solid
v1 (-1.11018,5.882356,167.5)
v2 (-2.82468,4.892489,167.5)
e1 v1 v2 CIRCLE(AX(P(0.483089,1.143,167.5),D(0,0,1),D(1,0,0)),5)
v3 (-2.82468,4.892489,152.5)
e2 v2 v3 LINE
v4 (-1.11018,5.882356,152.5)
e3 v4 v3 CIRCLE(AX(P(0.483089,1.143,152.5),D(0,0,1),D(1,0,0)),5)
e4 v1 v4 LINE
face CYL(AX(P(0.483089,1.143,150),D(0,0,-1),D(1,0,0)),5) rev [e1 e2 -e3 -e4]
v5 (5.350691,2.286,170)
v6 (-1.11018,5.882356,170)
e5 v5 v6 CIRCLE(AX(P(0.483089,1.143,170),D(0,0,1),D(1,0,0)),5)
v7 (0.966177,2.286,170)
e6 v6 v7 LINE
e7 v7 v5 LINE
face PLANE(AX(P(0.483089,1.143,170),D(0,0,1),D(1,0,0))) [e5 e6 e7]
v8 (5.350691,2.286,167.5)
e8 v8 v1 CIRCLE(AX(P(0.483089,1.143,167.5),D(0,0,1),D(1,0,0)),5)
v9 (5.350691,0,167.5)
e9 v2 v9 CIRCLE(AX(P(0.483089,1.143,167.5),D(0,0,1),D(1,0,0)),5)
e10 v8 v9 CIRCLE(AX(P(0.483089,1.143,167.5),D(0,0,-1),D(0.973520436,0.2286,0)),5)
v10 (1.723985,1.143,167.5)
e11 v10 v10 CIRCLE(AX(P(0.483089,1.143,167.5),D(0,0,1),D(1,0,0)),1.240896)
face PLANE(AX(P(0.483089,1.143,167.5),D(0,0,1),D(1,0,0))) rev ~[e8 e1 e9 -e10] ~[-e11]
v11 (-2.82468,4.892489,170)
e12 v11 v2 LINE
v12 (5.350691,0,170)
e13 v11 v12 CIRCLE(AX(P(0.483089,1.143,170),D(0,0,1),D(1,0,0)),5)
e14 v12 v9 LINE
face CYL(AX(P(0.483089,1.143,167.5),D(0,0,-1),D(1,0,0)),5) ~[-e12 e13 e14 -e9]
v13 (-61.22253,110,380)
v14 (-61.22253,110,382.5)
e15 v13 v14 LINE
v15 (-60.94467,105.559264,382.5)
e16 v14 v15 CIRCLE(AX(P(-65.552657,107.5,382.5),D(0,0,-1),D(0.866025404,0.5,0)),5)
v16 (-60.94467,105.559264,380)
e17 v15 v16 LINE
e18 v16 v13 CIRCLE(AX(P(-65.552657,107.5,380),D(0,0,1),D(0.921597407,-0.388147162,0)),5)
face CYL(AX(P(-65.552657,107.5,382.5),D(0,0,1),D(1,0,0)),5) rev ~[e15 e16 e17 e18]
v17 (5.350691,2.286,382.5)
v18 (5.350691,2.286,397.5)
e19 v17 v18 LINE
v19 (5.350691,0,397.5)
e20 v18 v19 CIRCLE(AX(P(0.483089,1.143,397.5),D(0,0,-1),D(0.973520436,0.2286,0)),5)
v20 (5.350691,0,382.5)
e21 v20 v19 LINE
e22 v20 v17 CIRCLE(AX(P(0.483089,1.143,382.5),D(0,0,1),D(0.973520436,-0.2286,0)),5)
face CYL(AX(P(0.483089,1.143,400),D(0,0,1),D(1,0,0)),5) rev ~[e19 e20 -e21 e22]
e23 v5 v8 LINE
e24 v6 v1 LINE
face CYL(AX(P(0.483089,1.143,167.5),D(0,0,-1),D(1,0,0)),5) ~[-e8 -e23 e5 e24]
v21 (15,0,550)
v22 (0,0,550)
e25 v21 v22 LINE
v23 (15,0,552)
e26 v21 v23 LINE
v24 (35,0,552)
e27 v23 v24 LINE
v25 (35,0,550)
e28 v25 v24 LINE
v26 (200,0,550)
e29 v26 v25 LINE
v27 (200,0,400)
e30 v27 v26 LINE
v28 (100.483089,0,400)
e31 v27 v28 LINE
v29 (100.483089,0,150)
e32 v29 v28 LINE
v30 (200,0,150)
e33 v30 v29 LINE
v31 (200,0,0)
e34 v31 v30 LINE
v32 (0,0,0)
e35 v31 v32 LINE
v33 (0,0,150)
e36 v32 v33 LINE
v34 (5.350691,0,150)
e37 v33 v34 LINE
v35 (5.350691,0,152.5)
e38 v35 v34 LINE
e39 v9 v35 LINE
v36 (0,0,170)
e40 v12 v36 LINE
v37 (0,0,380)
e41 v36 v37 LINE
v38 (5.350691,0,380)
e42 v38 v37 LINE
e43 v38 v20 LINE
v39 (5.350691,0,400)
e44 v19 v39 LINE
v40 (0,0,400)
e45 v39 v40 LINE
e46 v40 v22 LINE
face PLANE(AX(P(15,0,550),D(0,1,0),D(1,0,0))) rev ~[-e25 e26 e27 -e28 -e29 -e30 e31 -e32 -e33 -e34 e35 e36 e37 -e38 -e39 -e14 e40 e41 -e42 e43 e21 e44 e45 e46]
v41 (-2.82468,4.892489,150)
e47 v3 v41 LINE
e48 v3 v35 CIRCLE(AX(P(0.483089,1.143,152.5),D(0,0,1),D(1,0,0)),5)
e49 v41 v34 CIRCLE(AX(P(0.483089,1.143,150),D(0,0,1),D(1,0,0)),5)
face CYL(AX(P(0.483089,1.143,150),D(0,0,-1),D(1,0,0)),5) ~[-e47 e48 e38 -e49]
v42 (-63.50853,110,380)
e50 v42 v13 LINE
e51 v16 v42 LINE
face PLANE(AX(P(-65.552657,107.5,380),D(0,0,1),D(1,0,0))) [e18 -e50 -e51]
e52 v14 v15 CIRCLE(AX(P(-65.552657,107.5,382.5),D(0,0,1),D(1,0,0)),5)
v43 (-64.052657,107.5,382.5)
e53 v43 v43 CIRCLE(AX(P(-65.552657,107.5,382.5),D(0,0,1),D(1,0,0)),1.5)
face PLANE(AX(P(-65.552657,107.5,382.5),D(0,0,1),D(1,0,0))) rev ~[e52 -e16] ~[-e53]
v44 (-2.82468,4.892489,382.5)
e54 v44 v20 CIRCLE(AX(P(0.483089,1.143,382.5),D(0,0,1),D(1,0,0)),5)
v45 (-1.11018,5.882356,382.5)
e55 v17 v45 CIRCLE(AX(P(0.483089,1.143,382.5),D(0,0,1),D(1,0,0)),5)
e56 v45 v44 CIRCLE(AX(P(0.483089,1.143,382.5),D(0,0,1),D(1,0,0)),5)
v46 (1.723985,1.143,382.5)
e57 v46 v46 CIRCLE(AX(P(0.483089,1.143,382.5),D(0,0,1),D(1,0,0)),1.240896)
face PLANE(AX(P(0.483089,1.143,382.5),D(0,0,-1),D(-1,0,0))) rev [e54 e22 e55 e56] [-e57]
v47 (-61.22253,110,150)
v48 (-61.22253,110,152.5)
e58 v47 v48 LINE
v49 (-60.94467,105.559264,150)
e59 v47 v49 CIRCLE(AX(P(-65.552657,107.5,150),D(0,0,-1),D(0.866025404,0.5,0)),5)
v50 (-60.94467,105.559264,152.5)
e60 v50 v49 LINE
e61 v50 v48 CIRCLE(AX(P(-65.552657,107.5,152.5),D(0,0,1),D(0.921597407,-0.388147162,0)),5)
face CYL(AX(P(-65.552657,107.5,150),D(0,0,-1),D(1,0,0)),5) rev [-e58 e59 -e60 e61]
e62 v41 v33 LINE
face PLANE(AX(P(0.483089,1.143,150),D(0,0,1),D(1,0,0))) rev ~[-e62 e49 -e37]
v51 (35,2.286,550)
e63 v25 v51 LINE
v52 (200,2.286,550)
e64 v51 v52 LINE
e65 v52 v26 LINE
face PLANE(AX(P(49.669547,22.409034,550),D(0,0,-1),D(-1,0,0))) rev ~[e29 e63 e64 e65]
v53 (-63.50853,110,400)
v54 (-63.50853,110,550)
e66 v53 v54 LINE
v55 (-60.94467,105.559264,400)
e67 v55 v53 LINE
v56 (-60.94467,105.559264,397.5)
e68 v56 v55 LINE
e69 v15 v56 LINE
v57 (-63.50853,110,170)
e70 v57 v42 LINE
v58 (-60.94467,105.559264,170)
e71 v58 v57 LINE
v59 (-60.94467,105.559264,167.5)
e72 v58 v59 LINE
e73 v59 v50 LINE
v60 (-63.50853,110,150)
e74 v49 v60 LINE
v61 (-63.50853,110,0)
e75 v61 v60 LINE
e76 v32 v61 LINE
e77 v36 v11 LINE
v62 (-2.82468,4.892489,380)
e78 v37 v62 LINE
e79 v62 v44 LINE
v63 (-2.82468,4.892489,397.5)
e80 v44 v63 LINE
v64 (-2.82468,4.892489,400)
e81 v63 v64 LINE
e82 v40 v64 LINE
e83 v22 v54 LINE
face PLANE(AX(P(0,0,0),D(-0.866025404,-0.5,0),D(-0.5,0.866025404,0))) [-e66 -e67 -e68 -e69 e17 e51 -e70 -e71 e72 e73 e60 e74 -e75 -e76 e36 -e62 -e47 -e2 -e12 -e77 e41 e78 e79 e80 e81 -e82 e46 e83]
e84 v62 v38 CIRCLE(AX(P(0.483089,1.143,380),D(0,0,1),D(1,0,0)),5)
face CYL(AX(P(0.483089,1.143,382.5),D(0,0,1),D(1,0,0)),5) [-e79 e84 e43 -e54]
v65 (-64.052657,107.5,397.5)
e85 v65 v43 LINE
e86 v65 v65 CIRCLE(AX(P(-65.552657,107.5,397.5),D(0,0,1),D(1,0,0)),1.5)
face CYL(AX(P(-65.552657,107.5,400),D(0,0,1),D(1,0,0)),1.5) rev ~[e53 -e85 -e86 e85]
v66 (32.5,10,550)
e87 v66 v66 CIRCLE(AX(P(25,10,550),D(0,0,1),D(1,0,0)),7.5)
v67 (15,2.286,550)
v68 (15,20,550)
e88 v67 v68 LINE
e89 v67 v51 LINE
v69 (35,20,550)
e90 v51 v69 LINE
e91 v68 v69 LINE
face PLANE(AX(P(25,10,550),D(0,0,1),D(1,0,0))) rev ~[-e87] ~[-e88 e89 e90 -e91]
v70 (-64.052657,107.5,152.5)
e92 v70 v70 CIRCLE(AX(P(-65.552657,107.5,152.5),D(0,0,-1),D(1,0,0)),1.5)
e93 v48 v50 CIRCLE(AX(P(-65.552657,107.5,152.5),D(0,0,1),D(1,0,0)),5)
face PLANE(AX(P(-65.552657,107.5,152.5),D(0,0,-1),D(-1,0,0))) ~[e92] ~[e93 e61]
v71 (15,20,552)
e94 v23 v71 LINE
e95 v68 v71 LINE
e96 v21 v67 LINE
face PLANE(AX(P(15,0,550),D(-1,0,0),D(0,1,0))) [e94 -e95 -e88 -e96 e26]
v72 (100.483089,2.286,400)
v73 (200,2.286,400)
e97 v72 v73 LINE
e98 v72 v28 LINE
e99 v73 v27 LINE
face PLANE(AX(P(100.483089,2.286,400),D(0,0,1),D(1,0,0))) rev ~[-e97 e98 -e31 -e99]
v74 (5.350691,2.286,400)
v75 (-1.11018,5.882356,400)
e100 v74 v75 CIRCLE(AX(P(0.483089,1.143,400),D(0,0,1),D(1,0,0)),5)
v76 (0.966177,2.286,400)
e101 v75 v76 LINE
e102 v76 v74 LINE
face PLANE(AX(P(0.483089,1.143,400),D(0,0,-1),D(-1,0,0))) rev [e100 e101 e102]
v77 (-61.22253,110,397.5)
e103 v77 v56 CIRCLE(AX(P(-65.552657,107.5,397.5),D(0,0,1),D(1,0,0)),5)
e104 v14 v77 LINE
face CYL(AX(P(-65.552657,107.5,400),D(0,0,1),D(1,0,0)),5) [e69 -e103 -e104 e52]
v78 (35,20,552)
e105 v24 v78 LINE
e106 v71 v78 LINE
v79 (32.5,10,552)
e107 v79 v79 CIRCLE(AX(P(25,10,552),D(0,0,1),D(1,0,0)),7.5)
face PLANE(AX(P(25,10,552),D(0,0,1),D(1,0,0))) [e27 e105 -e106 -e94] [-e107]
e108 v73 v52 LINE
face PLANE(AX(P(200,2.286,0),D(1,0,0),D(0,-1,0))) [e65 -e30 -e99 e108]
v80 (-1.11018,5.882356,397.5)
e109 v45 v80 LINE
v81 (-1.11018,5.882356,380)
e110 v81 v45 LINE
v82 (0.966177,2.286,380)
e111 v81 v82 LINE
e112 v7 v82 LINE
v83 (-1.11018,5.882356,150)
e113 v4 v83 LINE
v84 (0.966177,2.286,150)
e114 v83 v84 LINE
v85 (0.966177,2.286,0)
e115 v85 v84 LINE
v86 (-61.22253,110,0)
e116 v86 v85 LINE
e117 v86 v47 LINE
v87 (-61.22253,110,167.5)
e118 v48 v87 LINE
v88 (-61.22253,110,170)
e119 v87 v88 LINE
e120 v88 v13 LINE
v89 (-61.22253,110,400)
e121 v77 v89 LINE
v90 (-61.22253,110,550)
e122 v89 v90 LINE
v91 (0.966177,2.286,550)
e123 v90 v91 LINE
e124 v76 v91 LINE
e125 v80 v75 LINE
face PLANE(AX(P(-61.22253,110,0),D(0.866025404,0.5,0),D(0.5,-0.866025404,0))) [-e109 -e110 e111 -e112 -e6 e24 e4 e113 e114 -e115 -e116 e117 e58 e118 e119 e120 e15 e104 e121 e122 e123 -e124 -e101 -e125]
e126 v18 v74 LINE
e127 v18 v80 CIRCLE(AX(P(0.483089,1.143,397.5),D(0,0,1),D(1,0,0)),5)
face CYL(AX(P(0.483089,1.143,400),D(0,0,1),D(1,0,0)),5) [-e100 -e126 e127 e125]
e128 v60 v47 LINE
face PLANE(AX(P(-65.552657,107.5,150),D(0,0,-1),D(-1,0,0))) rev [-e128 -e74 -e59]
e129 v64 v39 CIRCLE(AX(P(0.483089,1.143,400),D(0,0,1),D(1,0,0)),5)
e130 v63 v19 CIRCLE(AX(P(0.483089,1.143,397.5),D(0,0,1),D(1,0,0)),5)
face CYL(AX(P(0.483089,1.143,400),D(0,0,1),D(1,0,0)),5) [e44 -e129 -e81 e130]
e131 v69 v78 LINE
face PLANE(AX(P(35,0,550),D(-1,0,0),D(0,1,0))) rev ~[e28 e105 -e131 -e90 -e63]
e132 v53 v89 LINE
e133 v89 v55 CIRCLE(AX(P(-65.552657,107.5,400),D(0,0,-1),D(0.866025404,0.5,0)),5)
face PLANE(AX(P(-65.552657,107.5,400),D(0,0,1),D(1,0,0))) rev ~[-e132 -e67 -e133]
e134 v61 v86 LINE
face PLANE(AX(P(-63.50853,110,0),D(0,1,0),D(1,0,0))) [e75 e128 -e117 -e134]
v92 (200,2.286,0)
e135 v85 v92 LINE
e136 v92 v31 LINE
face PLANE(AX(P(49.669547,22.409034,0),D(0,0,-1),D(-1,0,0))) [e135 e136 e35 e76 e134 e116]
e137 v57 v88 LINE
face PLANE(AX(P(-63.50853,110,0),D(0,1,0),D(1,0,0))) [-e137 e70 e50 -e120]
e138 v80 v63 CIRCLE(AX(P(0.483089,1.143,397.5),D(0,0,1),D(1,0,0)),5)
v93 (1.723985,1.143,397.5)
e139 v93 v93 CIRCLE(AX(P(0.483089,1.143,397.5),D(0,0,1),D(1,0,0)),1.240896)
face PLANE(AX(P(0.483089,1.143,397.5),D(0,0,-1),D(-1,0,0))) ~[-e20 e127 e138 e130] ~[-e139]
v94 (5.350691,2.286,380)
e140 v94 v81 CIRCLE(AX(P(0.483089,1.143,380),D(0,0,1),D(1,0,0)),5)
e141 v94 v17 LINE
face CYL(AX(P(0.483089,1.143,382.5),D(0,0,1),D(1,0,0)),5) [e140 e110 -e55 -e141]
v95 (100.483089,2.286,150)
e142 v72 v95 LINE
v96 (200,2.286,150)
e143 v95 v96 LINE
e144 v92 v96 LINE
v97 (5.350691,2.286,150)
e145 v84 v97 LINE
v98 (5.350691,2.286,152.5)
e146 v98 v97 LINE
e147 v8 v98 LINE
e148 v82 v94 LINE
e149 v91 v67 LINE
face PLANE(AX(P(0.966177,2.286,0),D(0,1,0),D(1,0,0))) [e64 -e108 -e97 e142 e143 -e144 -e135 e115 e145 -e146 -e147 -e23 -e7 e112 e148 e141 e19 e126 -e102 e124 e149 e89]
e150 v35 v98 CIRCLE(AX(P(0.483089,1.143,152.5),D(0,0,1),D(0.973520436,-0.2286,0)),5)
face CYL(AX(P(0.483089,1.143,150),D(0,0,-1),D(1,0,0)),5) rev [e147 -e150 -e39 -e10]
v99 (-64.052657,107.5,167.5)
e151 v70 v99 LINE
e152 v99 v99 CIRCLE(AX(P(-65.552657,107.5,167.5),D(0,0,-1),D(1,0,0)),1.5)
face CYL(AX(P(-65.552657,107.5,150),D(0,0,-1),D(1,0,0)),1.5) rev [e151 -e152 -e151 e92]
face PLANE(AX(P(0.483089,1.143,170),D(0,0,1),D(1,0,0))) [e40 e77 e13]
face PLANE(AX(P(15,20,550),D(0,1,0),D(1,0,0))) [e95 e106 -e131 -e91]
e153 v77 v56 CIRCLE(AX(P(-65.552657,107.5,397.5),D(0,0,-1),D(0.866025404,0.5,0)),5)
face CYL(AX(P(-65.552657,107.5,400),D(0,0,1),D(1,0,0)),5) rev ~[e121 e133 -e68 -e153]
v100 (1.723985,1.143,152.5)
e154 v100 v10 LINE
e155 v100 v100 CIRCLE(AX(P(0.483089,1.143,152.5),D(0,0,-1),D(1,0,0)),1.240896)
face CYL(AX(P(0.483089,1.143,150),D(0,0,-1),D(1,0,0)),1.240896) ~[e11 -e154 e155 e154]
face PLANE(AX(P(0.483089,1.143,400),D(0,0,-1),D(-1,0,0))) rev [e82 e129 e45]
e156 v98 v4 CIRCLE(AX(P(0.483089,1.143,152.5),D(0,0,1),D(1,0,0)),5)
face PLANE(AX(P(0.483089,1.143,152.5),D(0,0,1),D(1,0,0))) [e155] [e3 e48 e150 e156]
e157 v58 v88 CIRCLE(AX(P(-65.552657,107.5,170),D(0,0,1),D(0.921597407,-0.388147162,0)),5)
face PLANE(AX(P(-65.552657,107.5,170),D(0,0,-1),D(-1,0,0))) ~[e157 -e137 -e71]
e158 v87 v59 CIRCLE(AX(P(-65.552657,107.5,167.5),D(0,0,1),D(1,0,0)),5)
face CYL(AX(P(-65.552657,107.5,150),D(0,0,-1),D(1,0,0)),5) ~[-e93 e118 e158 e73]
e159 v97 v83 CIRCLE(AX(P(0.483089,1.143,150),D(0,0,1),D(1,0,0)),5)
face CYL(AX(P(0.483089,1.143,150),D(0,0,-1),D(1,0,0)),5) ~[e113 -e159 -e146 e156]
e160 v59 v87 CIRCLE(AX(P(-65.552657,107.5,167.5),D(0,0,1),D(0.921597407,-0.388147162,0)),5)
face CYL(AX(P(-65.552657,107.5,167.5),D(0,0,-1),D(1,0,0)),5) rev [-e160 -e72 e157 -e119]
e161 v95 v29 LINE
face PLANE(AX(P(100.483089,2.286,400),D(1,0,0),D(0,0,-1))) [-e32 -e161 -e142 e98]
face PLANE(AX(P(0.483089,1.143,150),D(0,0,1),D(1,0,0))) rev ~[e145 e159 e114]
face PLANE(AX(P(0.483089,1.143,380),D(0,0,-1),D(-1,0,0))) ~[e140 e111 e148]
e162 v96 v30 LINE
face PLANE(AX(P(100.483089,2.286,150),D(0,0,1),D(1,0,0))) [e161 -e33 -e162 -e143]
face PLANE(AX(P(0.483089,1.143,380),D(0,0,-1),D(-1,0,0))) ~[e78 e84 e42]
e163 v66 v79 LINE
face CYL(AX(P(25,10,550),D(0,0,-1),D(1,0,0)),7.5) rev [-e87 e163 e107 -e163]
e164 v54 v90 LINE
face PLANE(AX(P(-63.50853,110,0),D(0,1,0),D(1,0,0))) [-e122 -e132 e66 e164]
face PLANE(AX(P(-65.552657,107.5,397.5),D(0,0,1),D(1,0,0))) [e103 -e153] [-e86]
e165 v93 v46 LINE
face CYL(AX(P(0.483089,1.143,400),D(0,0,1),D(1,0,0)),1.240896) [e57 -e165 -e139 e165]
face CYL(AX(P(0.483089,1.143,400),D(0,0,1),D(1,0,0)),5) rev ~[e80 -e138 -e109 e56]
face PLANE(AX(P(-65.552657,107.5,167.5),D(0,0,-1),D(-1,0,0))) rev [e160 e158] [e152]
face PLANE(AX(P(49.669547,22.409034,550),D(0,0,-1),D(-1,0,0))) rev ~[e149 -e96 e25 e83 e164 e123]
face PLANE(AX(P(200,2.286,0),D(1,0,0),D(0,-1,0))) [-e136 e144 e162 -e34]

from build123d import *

# Parameters (mm, degrees)
BOSS_EXTRUDE1_DEPTH = 550
SKETCH2_W           = 99.516911358
SKETCH2_H           = 250
CUT_EXTRUDE1_DEPTH  = 596.064959308
SKETCH4_R           = 5
CUT_EXTRUDE2_DEPTH  = 20
SKETCH4_3_R         = 5
BOSS_EXTRUDE3_DEPTH = 2.5
BOSS_EXTRUDE4_START = 17.5
SKETCH4_5_R         = 5
BOSS_EXTRUDE4_DEPTH = 2.5
SKETCH4_7_R         = 1.240896304
BOSS_EXTRUDE5_DEPTH = 17.5
BOSS_EXTRUDE6_START = -150
SKETCH5_R           = 5
SKETCH5_R_2         = 1.5
BOSS_EXTRUDE6_DEPTH = 19.5
CUT_EXTRUDE5_START  = -167.5
SKETCH5_4_R         = 5
CUT_EXTRUDE5_DEPTH  = 2.5
CUT_EXTRUDE6_START  = -150
SKETCH5_6_R         = 5
CUT_EXTRUDE6_DEPTH  = 2.5
SKETCH7_W           = 20
SKETCH7_H           = 20
SKETCH7_R           = 7.5
BOSS_EXTRUDE7_DEPTH = 2


with BuildPart() as part:
    # Sketch1 → Boss-Extrude1 (new body)
    with BuildSketch(Plane.XY):
        Polygon((0, 0), (-63.508529611, 110), (-61.222529611, 110), (0.966177285, 2.286), (200, 2.286), (200, 0), align=None)
    extrude(amount=BOSS_EXTRUDE1_DEPTH)

    # Sketch2 → Cut-Extrude1 (cut, through all)
    with BuildSketch(Plane(origin=(0, 2.286, 0), x_dir=(1, 0, 0), z_dir=(0, 1, 0))):
        with Locations((150.241544321, -275)):
            Rectangle(SKETCH2_W, SKETCH2_H)
    extrude(amount=-CUT_EXTRUDE1_DEPTH, mode=Mode.SUBTRACT)

    # Sketch4 → Cut-Extrude2 (cut)
    with BuildSketch(Plane.XY.offset(150)):
        with Locations((0.483088642, 1.143)):
            Circle(SKETCH4_R)
    cut_extrude2 = extrude(amount=CUT_EXTRUDE2_DEPTH, mode=Mode.SUBTRACT)

    # Sketch4<3> → Boss-Extrude3 (add)
    with BuildSketch(Plane.XY.offset(150)):
        with Locations((0.483088642, 1.143)):
            Circle(SKETCH4_3_R)
    boss_extrude3 = extrude(amount=BOSS_EXTRUDE3_DEPTH)

    # Sketch4<5> → Boss-Extrude4 (add)
    with BuildSketch(Plane.XY.offset(150).offset(BOSS_EXTRUDE4_START)):
        with Locations((0.483088642, 1.143)):
            Circle(SKETCH4_5_R)
    boss_extrude4 = extrude(amount=BOSS_EXTRUDE4_DEPTH)

    # Sketch4<7> → Boss-Extrude5 (add)
    with BuildSketch(Plane.XY.offset(150)):
        with Locations((0.483088642, 1.143)):
            Circle(SKETCH4_7_R)
    boss_extrude5 = extrude(amount=BOSS_EXTRUDE5_DEPTH)

    # Mirror1: Cut-Extrude2, Boss-Extrude3, Boss-Extrude4, Boss-Extrude5 across plane
    add(cut_extrude2.mirror(Plane.XY.offset(275)), mode=Mode.SUBTRACT)
    add(boss_extrude3.mirror(Plane.XY.offset(275)))
    add(boss_extrude4.mirror(Plane.XY.offset(275)))
    add(boss_extrude5.mirror(Plane.XY.offset(275)))

    # Sketch5 → Boss-Extrude6 (add)
    with BuildSketch(Plane.XY.offset(550).offset(BOSS_EXTRUDE6_START)):
        with Locations((-65.55265663, 107.5)):
            Circle(SKETCH5_R)
        with Locations((-65.55265663, 107.5)):
            Circle(SKETCH5_R_2, mode=Mode.SUBTRACT)
    boss_extrude6 = extrude(amount=-BOSS_EXTRUDE6_DEPTH)

    # Sketch5<4> → Cut-Extrude5 (cut)
    with BuildSketch(Plane.XY.offset(550).offset(CUT_EXTRUDE5_START)):
        with Locations((-65.55265663, 107.5)):
            Circle(SKETCH5_4_R)
    cut_extrude5 = extrude(amount=-CUT_EXTRUDE5_DEPTH, mode=Mode.SUBTRACT)

    # Sketch5<6> → Cut-Extrude6 (cut)
    with BuildSketch(Plane.XY.offset(550).offset(CUT_EXTRUDE6_START)):
        with Locations((-65.55265663, 107.5)):
            Circle(SKETCH5_6_R)
    cut_extrude6 = extrude(amount=-CUT_EXTRUDE6_DEPTH, mode=Mode.SUBTRACT)

    # Mirror2: Boss-Extrude6, Cut-Extrude5, Cut-Extrude6 across plane
    add(boss_extrude6.mirror(Plane.XY.offset(275)))
    add(cut_extrude5.mirror(Plane.XY.offset(275)), mode=Mode.SUBTRACT)
    add(cut_extrude6.mirror(Plane.XY.offset(275)), mode=Mode.SUBTRACT)

    # Sketch7 → Boss-Extrude7 (add)
    with BuildSketch(Plane.XY.offset(550)):
        with Locations((25, 10)):
            Rectangle(SKETCH7_W, SKETCH7_H)
        with Locations((25, 10)):
            Circle(SKETCH7_R, mode=Mode.SUBTRACT)
    extrude(amount=BOSS_EXTRUDE7_DEPTH)


solid = part.part
